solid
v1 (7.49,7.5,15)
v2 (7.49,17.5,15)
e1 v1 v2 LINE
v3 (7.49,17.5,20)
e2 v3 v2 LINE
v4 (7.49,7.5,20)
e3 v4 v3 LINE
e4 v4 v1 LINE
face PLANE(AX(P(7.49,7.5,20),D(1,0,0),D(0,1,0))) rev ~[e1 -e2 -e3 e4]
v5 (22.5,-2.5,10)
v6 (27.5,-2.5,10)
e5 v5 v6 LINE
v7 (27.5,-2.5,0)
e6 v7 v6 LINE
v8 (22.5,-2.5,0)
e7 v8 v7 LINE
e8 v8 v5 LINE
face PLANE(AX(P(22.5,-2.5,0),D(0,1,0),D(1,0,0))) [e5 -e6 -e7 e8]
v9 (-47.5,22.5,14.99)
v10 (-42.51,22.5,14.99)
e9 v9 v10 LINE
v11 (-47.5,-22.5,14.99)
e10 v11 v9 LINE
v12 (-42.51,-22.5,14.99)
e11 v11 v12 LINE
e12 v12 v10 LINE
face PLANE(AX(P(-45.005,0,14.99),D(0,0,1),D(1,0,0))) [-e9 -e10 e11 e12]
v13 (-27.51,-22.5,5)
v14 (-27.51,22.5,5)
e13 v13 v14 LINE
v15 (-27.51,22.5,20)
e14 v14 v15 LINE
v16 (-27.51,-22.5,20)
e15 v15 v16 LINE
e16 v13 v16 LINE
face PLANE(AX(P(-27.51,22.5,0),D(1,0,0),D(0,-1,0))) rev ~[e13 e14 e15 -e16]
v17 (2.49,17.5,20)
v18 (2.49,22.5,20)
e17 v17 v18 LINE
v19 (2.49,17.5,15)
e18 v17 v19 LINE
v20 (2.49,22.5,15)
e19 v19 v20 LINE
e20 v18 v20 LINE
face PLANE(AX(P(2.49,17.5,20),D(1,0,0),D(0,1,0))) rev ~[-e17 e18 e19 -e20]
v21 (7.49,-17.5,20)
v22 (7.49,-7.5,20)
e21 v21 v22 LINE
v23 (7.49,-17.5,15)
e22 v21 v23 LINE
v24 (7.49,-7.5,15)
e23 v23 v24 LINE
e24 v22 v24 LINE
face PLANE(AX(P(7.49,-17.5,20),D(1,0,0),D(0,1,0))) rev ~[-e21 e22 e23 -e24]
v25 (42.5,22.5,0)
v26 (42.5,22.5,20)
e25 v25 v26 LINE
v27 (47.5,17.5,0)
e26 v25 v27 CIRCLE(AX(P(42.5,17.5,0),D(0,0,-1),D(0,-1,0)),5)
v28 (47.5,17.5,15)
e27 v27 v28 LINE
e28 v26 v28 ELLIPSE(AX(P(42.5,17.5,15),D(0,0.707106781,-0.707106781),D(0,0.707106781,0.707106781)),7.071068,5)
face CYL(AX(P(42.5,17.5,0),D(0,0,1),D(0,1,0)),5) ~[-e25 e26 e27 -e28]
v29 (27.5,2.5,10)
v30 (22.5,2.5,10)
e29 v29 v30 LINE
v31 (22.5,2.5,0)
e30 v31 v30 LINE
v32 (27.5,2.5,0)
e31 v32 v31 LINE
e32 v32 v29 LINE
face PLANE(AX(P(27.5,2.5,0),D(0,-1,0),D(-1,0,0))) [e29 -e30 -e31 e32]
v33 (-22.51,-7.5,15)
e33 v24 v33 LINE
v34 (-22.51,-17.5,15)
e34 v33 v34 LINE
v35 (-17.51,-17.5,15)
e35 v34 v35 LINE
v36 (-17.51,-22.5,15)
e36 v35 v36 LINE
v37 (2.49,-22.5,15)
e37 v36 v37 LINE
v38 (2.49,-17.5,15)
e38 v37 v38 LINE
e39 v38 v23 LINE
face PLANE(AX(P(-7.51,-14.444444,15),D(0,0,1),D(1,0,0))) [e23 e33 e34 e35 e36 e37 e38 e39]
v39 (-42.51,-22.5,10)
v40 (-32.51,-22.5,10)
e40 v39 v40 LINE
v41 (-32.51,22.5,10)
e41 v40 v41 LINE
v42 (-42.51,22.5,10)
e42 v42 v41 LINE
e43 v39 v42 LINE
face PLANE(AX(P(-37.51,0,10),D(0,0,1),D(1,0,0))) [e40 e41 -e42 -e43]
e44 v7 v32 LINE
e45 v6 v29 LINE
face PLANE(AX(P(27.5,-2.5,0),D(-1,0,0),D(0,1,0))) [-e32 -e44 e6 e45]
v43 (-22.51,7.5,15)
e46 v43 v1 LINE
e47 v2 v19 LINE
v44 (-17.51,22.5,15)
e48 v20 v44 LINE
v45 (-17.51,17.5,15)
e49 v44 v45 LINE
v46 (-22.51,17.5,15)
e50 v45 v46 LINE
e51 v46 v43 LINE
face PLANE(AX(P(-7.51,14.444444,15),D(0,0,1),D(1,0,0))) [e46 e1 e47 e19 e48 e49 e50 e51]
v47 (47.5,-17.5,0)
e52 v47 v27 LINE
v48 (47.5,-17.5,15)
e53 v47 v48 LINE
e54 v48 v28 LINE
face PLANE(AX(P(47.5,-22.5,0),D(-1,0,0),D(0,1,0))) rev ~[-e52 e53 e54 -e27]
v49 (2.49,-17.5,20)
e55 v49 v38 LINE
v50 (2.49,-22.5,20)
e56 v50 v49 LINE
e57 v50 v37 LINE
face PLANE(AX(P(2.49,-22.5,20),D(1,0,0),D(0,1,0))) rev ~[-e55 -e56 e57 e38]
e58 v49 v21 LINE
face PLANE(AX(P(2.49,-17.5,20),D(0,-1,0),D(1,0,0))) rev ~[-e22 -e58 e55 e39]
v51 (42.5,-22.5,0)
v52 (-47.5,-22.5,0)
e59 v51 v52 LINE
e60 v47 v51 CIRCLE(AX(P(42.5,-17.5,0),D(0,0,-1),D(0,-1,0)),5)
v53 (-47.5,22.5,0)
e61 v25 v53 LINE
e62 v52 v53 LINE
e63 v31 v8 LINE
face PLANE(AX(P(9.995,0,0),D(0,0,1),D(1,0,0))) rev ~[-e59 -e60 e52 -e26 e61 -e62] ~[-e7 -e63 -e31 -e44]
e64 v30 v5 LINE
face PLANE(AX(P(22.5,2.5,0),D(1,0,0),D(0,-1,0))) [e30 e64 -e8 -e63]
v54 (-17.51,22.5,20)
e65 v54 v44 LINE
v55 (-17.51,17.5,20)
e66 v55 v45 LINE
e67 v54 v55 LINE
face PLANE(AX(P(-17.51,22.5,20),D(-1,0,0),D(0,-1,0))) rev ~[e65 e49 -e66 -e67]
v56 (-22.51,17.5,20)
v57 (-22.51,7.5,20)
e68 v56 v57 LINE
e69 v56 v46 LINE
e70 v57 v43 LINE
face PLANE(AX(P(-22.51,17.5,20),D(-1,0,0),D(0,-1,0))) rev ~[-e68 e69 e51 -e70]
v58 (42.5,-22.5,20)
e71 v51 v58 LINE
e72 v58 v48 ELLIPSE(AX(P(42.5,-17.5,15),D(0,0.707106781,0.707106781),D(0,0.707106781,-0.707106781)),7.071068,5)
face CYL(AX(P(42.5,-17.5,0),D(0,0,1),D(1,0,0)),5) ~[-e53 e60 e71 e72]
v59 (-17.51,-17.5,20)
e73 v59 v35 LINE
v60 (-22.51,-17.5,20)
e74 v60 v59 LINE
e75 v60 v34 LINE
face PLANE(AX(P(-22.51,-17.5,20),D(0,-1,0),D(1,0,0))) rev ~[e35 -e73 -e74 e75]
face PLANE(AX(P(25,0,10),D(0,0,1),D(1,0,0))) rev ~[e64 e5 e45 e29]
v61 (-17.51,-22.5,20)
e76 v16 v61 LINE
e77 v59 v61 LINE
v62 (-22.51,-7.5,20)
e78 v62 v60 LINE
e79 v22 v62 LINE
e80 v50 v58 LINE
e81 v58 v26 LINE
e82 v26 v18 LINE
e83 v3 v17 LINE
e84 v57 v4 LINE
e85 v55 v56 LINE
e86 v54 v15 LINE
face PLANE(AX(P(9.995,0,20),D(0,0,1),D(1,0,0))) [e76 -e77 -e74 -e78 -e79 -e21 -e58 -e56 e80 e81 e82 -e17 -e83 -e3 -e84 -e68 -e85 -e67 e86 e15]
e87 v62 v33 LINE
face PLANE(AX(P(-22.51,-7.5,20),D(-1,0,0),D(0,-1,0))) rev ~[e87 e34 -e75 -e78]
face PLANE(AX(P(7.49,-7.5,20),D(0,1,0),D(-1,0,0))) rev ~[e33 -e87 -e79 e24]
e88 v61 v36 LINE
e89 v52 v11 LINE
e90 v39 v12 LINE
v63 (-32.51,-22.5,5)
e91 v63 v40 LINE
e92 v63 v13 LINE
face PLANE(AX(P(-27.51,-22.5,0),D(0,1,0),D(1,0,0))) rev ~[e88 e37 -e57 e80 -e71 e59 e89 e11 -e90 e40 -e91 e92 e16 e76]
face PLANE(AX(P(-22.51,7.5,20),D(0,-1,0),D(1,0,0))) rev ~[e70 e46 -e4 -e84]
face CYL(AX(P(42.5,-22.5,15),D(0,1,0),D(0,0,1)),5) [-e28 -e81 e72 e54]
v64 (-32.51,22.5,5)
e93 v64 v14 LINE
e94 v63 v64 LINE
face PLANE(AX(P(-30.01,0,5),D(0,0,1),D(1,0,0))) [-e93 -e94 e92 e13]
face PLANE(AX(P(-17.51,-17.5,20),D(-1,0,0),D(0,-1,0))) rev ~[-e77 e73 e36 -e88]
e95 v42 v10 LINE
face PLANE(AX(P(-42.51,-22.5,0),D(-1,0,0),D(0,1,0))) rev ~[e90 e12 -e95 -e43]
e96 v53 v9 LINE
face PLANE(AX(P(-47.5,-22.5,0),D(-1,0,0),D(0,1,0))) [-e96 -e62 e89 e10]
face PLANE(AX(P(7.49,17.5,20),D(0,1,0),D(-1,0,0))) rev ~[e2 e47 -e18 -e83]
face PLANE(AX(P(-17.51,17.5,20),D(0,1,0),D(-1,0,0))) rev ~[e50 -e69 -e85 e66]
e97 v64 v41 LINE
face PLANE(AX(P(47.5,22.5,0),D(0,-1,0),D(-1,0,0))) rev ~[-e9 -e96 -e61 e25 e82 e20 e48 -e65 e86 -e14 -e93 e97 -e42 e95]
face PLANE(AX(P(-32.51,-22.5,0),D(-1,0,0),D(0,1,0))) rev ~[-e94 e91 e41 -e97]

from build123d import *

# Parameters (mm, degrees)
F0_W     = 4.99
F0_H     = 45
F1_DEPTH = 14.99
F0_W_2   = 10
F2_DEPTH = 10
F0_W_3   = 5
F3_DEPTH = 5
F4_DEPTH = 20
F6_DEPTH = 5
F8_DEPTH = 10
F9_R     = 5


with BuildPart() as f1:
    # F0 (on Top) → F1 (new body)
    with BuildSketch(Plane.XY):
        with Locations((-45.005, 0)):
            Rectangle(F0_W, F0_H)
    extrude(amount=F1_DEPTH)

    # F0 (on Top) → F2 (join)
    with BuildSketch(Plane.XY):
        with Locations((-37.51, 0)):
            Rectangle(F0_W_2, F0_H)
    extrude(amount=F2_DEPTH)

    # F0 (on Top) → F3 (join)
    with BuildSketch(Plane.XY):
        with Locations((-30.01, 0)):
            Rectangle(F0_W_3, F0_H)
    extrude(amount=F3_DEPTH)

    # F0 (on Top) → F4 (join)
    with BuildSketch(Plane.XY):
        Polygon((47.5, 0), (47.5, 22.5), (-27.51, 22.5), (-27.51, -22.5), (47.5, -22.5), align=None)
    extrude(amount=F4_DEPTH)

    # F5 (on face) → F6 (cut)
    with BuildSketch(Plane.XY.offset(20)):
        Polygon((-17.51, -22.5), (2.49, -22.5), (2.49, -17.5), (7.49, -17.5), (7.49, -7.5), (-22.51, -7.5), (-22.51, -12.5), (-22.51, -17.5), (-17.51, -17.5), align=None)
        Polygon((2.49, 17.5), (2.49, 22.5), (-17.51, 22.5), (-17.51, 17.5), (-22.51, 17.5), (-22.51, 7.5), (7.49, 7.5), (7.49, 17.5), align=None)
    extrude(amount=-F6_DEPTH, mode=Mode.SUBTRACT)

    # F7 (on face) → F8 (cut)
    with BuildSketch(Plane.XY):
        Polygon((22.5, -2.5), (27.5, -2.5), (27.5, 0), (27.5, 2.5), (22.5, 2.5), align=None)
    extrude(amount=F8_DEPTH, mode=Mode.SUBTRACT)

    # F9
    f9_edges = [f1.edges().sort_by_distance(p)[0] for p in [
        (47.5, 0, 20),
        (47.5, 22.5, 10),
        (47.5, -22.5, 10),
    ]]
    fillet(f9_edges, radius=F9_R)


solid = f1.part
